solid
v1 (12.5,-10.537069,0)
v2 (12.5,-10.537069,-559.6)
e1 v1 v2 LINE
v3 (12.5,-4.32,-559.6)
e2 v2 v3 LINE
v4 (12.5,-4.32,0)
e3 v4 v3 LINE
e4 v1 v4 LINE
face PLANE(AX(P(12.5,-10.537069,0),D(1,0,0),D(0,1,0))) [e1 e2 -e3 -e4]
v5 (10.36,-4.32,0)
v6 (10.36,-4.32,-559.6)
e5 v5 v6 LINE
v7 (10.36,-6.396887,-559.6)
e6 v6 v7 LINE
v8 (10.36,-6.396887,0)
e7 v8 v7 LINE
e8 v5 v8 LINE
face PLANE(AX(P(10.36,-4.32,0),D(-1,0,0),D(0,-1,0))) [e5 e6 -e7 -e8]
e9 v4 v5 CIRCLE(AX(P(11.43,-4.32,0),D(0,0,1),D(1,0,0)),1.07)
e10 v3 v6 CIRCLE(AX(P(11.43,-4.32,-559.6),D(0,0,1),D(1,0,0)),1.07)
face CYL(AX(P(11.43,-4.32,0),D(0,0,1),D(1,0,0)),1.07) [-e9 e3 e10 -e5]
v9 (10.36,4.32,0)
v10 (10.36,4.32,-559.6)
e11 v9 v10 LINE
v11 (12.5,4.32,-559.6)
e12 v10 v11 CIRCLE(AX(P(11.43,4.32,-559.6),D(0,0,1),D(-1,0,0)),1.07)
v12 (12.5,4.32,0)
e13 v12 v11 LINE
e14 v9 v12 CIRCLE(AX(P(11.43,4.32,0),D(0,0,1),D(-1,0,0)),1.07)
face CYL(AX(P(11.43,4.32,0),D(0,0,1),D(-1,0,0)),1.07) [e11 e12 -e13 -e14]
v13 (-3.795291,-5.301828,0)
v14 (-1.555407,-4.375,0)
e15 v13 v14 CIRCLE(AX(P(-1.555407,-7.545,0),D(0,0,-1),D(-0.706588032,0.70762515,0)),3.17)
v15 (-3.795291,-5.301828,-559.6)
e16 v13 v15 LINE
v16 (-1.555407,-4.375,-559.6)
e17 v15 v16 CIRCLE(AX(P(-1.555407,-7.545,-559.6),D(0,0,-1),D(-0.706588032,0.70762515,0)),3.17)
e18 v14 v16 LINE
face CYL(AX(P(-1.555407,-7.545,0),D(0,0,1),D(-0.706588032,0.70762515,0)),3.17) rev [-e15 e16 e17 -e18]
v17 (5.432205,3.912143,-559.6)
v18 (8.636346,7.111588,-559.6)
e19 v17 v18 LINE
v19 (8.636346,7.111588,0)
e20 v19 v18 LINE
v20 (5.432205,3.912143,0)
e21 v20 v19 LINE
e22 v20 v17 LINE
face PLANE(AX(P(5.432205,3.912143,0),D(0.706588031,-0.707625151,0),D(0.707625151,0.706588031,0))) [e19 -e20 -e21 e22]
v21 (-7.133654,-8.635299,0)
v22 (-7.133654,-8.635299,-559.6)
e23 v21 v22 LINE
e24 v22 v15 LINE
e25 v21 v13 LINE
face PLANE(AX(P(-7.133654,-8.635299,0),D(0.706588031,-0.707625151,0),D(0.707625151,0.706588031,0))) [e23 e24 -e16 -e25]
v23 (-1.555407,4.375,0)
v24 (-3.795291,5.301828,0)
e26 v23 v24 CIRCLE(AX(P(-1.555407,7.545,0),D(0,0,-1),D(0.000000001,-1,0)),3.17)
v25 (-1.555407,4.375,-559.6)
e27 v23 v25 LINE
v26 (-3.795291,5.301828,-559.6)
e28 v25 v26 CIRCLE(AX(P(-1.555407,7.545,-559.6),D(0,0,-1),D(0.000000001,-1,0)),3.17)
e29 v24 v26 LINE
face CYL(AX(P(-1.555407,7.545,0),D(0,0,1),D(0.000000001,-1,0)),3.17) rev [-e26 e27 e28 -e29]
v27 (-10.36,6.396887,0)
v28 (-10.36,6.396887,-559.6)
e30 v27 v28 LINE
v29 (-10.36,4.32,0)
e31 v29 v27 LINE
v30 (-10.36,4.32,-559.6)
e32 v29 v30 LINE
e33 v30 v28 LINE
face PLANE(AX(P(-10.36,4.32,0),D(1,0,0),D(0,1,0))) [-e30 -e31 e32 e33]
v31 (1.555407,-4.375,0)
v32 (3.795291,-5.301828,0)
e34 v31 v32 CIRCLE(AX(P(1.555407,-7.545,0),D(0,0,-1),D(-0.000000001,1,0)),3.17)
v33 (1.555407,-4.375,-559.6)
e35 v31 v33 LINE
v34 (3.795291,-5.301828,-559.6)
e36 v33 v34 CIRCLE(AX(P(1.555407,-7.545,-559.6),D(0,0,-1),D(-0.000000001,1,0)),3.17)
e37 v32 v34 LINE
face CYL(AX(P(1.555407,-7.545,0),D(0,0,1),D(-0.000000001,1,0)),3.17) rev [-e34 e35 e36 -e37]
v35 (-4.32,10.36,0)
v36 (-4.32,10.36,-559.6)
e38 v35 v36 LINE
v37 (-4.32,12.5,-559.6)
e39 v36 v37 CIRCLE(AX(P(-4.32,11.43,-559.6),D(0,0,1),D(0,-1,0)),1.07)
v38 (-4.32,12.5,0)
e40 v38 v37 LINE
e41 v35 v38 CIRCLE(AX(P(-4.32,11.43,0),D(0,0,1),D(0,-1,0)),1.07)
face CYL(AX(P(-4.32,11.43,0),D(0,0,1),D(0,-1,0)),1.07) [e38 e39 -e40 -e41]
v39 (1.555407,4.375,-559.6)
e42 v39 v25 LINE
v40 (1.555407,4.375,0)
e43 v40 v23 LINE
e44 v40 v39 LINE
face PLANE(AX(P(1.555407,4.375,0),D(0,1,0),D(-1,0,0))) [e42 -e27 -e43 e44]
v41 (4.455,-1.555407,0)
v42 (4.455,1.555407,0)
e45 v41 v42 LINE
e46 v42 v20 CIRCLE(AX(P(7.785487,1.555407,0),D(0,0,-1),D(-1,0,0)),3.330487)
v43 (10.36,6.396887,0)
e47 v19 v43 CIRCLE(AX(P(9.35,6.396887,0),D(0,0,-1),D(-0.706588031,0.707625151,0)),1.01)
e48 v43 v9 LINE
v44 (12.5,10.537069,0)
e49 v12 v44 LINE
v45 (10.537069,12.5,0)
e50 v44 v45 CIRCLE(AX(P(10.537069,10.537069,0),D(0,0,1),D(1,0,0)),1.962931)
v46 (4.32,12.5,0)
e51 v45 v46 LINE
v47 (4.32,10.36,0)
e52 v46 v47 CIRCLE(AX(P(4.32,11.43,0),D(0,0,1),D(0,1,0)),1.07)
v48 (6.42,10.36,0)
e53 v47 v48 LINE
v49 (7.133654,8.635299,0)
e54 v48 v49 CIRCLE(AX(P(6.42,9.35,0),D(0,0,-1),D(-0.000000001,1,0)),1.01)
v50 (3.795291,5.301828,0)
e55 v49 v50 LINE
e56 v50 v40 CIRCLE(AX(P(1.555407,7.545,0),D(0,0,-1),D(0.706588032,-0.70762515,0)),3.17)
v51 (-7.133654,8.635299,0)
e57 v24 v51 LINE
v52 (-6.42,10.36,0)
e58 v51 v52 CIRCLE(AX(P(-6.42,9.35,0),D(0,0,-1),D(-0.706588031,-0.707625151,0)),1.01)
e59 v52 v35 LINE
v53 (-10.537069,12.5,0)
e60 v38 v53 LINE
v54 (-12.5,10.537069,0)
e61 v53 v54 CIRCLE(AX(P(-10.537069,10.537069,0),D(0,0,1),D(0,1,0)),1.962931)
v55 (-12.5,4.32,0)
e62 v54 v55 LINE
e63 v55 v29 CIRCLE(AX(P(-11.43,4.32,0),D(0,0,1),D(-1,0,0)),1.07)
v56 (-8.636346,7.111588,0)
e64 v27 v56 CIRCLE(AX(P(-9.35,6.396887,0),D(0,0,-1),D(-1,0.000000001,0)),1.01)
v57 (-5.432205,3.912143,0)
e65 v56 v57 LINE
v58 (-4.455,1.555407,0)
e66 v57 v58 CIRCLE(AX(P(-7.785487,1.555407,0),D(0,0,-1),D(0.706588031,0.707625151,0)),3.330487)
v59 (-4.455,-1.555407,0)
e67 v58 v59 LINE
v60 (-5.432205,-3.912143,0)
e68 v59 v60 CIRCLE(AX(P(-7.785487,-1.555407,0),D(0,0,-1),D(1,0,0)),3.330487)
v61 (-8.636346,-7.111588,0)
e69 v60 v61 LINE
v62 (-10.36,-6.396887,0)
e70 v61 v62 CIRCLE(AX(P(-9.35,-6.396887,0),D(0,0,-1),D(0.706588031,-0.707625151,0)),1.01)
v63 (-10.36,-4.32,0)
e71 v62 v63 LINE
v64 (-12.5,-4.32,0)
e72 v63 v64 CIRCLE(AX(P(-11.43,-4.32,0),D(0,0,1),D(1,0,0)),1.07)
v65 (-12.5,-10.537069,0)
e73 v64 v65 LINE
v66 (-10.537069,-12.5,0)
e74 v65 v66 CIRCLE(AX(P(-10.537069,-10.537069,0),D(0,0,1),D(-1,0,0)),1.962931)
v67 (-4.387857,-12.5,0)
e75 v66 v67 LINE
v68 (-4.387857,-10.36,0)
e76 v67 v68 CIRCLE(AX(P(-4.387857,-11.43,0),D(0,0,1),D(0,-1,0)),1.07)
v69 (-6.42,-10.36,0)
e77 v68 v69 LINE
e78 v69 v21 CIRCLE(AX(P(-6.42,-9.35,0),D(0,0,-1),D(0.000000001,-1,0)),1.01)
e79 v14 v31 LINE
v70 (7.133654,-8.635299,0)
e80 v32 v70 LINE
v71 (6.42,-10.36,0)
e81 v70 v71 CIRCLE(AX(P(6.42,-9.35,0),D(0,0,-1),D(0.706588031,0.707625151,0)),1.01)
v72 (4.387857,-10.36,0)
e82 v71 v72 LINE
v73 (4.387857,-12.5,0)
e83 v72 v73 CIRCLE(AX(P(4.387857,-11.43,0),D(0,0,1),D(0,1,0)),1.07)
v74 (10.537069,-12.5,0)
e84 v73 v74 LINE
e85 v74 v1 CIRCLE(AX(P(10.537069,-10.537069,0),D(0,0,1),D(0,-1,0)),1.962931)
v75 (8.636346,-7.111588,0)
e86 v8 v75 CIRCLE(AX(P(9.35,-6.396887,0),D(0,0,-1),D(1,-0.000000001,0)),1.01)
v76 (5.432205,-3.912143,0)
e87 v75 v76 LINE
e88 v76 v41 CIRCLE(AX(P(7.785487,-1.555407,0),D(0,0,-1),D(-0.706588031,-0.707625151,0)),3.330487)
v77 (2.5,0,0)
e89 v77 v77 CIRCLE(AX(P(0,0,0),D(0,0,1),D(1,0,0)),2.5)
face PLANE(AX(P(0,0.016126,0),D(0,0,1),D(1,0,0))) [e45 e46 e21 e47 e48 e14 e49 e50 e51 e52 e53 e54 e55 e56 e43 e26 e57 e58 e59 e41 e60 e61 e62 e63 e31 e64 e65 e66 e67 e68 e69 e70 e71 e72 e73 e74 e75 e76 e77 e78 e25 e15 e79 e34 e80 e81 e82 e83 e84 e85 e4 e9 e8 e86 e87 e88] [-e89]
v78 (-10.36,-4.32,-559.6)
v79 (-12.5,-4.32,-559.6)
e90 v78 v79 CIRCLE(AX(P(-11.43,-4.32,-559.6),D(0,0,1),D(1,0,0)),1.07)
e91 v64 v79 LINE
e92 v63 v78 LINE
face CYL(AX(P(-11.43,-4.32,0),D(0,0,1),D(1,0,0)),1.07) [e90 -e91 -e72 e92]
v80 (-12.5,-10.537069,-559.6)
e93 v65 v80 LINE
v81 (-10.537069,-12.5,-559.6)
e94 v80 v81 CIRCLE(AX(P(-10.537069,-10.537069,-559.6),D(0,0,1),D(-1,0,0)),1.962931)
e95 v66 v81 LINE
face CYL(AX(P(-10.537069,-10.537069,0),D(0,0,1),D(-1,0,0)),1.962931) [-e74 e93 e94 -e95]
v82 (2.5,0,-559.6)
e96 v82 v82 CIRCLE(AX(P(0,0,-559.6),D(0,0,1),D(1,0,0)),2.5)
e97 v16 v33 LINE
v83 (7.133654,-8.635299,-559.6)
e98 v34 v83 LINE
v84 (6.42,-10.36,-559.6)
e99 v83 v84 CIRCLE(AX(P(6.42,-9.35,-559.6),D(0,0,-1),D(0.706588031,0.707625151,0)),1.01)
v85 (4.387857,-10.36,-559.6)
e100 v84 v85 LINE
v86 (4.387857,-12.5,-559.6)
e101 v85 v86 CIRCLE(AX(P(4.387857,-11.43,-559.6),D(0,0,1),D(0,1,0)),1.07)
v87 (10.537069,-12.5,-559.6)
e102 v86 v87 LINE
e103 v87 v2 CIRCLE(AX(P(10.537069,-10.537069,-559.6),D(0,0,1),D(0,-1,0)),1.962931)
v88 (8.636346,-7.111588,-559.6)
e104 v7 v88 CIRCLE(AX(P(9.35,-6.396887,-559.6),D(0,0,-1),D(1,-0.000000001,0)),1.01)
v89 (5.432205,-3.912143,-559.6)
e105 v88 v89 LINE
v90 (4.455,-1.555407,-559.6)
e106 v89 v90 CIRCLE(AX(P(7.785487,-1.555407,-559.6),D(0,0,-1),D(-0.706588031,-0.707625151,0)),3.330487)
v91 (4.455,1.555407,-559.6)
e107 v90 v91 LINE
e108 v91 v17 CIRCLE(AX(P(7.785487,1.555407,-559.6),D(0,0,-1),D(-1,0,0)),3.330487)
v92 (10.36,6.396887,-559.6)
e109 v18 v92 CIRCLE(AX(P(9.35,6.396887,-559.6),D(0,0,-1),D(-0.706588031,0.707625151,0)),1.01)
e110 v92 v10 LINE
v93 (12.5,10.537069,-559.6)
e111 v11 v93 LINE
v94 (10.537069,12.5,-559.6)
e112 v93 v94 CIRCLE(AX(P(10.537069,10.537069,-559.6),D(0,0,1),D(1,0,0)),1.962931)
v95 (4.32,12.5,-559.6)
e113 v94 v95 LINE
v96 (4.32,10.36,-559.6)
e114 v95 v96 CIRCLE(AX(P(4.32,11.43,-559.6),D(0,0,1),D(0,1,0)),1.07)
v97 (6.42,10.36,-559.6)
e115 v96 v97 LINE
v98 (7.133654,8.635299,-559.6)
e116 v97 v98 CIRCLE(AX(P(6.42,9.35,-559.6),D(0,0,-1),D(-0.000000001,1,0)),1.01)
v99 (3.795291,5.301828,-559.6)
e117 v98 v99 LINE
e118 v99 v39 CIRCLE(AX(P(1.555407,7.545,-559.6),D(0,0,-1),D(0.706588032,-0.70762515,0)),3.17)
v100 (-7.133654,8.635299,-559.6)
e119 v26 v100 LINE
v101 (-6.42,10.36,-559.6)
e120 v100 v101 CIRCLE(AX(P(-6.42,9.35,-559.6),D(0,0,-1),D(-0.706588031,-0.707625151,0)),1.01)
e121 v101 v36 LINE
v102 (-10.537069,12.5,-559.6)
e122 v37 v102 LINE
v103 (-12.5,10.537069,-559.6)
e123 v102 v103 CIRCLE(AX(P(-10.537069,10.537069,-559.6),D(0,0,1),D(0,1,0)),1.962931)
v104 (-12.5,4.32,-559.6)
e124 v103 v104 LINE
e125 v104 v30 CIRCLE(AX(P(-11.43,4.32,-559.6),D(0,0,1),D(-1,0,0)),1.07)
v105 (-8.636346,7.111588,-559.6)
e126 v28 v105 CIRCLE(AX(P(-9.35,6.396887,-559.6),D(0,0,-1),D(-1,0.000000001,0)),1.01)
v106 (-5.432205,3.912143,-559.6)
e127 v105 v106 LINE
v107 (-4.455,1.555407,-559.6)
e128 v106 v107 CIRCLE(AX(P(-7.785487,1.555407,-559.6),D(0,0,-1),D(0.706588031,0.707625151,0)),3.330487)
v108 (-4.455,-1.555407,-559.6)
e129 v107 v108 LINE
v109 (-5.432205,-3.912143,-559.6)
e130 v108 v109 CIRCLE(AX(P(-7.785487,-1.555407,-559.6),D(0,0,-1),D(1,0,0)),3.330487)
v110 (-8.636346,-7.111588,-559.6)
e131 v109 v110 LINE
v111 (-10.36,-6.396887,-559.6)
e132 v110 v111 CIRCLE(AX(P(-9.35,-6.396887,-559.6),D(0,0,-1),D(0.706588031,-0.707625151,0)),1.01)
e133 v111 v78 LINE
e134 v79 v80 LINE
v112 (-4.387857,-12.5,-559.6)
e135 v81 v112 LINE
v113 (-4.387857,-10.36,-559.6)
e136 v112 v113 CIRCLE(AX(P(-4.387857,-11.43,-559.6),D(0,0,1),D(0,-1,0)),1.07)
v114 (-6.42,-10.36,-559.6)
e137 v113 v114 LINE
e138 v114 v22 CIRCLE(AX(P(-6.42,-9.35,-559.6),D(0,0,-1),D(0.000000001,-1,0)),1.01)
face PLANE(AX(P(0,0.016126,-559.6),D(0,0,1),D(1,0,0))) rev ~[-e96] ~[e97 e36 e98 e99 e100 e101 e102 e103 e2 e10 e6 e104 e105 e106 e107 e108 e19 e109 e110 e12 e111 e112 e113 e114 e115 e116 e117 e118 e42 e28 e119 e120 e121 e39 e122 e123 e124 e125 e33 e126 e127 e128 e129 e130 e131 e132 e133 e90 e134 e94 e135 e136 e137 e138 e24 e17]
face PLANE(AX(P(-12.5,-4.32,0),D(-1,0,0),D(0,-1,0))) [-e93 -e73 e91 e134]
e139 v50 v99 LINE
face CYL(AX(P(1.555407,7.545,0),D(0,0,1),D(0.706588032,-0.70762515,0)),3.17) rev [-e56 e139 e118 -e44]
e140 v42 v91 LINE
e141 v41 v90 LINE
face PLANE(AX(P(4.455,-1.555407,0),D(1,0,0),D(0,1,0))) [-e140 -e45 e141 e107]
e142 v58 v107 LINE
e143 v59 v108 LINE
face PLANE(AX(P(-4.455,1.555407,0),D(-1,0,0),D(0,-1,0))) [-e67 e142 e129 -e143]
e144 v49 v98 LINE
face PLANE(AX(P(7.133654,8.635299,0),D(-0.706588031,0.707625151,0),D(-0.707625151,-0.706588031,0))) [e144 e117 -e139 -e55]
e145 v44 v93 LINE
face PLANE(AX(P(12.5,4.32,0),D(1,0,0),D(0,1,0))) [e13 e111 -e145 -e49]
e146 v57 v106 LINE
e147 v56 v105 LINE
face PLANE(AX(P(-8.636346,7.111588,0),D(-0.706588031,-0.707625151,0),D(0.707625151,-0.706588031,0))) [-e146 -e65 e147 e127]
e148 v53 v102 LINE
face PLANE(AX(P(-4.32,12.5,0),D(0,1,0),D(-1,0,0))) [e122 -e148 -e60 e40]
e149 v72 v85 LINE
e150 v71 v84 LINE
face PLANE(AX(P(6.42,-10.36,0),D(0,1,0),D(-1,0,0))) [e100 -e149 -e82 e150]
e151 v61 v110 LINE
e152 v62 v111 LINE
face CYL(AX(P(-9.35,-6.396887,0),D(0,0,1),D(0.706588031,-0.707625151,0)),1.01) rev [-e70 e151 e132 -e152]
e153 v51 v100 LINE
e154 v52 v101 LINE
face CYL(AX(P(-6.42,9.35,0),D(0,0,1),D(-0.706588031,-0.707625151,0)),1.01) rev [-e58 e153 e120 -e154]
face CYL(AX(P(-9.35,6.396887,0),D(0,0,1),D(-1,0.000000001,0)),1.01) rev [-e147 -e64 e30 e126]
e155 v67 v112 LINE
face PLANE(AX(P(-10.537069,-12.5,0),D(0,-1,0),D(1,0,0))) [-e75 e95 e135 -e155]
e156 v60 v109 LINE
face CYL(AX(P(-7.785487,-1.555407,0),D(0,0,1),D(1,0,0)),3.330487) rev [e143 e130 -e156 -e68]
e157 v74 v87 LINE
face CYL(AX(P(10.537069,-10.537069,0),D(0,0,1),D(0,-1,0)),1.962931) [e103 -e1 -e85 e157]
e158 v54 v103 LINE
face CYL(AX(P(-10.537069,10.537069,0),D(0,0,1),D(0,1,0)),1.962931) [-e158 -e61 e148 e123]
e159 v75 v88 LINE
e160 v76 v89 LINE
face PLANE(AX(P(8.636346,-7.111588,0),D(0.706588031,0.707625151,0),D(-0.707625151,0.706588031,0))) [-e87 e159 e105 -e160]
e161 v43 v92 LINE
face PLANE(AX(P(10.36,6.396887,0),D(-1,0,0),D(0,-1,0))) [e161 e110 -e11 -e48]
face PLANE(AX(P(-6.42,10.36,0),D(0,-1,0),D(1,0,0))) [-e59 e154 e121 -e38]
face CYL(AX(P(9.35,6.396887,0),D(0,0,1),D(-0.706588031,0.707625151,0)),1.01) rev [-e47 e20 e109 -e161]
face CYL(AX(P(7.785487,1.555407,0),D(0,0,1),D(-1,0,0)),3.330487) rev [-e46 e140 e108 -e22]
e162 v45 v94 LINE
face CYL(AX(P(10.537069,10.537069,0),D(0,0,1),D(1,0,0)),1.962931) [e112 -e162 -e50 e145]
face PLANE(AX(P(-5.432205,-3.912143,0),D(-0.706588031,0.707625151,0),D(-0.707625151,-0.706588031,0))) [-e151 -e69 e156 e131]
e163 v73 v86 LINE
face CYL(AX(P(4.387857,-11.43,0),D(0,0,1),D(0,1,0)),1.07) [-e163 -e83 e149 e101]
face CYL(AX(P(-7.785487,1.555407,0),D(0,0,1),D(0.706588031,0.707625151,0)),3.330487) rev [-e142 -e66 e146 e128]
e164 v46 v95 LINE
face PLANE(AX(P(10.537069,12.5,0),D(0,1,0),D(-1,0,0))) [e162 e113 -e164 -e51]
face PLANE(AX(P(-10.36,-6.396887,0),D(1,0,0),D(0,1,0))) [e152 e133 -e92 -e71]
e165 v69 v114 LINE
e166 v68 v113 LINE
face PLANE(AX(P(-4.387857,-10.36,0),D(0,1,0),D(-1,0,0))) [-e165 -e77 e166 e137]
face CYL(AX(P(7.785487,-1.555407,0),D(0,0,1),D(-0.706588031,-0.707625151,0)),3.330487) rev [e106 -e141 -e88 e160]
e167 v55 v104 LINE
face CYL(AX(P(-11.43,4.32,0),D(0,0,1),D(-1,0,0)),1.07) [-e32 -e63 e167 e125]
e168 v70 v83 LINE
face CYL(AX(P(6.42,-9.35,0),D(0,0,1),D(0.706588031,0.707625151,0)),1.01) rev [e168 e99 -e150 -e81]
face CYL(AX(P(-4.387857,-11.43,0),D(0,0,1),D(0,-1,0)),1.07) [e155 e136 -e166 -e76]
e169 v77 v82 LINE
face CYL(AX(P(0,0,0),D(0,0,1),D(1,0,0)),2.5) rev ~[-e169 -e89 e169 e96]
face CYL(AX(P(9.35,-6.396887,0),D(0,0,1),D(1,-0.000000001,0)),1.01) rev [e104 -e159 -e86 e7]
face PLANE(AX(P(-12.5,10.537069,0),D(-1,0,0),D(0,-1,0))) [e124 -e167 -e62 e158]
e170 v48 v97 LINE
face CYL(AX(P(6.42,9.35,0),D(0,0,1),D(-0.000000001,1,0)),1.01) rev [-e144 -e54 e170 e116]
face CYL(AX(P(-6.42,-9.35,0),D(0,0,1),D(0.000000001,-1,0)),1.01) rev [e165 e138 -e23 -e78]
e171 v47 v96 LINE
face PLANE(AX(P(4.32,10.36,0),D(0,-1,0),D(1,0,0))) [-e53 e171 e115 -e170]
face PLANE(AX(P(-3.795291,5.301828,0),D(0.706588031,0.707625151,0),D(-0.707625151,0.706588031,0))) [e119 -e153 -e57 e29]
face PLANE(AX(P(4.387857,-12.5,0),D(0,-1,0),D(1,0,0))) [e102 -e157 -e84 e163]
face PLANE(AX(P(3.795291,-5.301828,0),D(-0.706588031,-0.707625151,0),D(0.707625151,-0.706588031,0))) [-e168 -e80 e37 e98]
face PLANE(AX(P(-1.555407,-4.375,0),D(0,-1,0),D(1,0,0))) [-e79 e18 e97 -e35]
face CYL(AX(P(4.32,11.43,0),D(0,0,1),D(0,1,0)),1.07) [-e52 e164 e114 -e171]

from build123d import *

# Parameters (mm, degrees)
SKETCH1_R      = 2.5
EXTRUDE1_DEPTH = 559.6


with BuildPart() as part:
    # Sketch1 → Extrude1 (new body)
    with BuildSketch(Plane.XY):
        with BuildLine():
            Line((-8.636346088, 7.111588351), (-5.432204773, 3.912143135))
            ThreePointArc((-5.432204773, 3.912143135), (-4.708985779, 2.831057106), (-4.455, 1.555406707))
            Line((-4.455, 1.555406707), (-4.455, -1.555406707))
            ThreePointArc((-4.455, -1.555406707), (-4.708985779, -2.831057106), (-5.432204773, -3.912143135))
            Line((-5.432204773, -3.912143135), (-8.636346088, -7.111588351))
            ThreePointArc((-8.636346088, -7.111588351), (-9.736852394, -7.329863489), (-10.36, -6.396886949))
            Line((-10.36, -6.396886949), (-10.36, -4.32))
            ThreePointArc((-10.36, -4.32), (-11.43, -3.25), (-12.5, -4.32))
            Line((-12.5, -4.32), (-12.5, -8.651801989))
            Line((-12.5, -8.651801989), (-12.5, -10.537068835))
            ThreePointArc((-12.5, -10.537068835), (-11.925070773, -11.925070773), (-10.537068835, -12.5))
            Line((-10.537068835, -12.5), (-8.441567612, -12.5))
            Line((-8.441567612, -12.5), (-4.387856959, -12.5))
            ThreePointArc((-4.387856959, -12.5), (-3.317856959, -11.43), (-4.387856959, -10.36))
            Line((-4.387856959, -10.36), (-6.42, -10.36))
            ThreePointArc((-6.42, -10.36), (-7.35325999, -9.736168088), (-7.133653912, -8.635298598))
            Line((-7.133653912, -8.635298598), (-3.795290766, -5.301828272))
            ThreePointArc((-3.795290766, -5.301828272), (-2.76743922, -4.61585726), (-1.555406707, -4.375))
            Line((-1.555406707, -4.375), (1.555406707, -4.375))
            ThreePointArc((1.555406707, -4.375), (2.76743922, -4.61585726), (3.795290766, -5.301828272))
            Line((3.795290766, -5.301828272), (7.133653912, -8.635298598))
            ThreePointArc((7.133653912, -8.635298598), (7.35325999, -9.736168088), (6.42, -10.36))
            Line((6.42, -10.36), (4.387856959, -10.36))
            ThreePointArc((4.387856959, -10.36), (3.317856959, -11.43), (4.387856959, -12.5))
            Line((4.387856959, -12.5), (8.441567612, -12.5))
            Line((8.441567612, -12.5), (10.537068835, -12.5))
            ThreePointArc((10.537068835, -12.5), (11.925070773, -11.925070773), (12.5, -10.537068835))
            Line((12.5, -10.537068835), (12.5, -8.651801989))
            Line((12.5, -8.651801989), (12.5, -4.32))
            ThreePointArc((12.5, -4.32), (11.43, -3.25), (10.36, -4.32))
            Line((10.36, -4.32), (10.36, -6.396886949))
            ThreePointArc((10.36, -6.396886949), (9.736852394, -7.329863489), (8.636346088, -7.111588351))
            Line((8.636346088, -7.111588351), (5.432204773, -3.912143135))
            ThreePointArc((5.432204773, -3.912143135), (4.708985779, -2.831057106), (4.455, -1.555406707))
            Line((4.455, -1.555406707), (4.455, 1.555406707))
            ThreePointArc((4.455, 1.555406707), (4.708985779, 2.831057106), (5.432204773, 3.912143135))
            Line((5.432204773, 3.912143135), (8.636346088, 7.111588351))
            ThreePointArc((8.636346088, 7.111588351), (9.736852394, 7.329863489), (10.36, 6.396886949))
            Line((10.36, 6.396886949), (10.36, 4.32))
            ThreePointArc((10.36, 4.32), (11.43, 3.25), (12.5, 4.32))
            Line((12.5, 4.32), (12.5, 7.99129648))
            Line((12.5, 7.99129648), (12.5, 10.537068835))
            ThreePointArc((12.5, 10.537068835), (11.925070773, 11.925070773), (10.537068835, 12.5))
            Line((10.537068835, 12.5), (4.32, 12.5))
            ThreePointArc((4.32, 12.5), (3.25, 11.43), (4.32, 10.36))
            Line((4.32, 10.36), (6.42, 10.36))
            ThreePointArc((6.42, 10.36), (7.35325999, 9.736168088), (7.133653912, 8.635298598))
            Line((7.133653912, 8.635298598), (3.795290766, 5.301828272))
            ThreePointArc((3.795290766, 5.301828272), (2.76743922, 4.61585726), (1.555406707, 4.375))
            Line((1.555406707, 4.375), (-1.555406707, 4.375))
            ThreePointArc((-1.555406707, 4.375), (-2.76743922, 4.61585726), (-3.795290766, 5.301828272))
            Line((-3.795290766, 5.301828272), (-7.133653912, 8.635298598))
            ThreePointArc((-7.133653912, 8.635298598), (-7.35325999, 9.736168088), (-6.42, 10.36))
            Line((-6.42, 10.36), (-4.32, 10.36))
            ThreePointArc((-4.32, 10.36), (-3.25, 11.43), (-4.32, 12.5))
            Line((-4.32, 12.5), (-10.537068835, 12.5))
            ThreePointArc((-10.537068835, 12.5), (-11.925070773, 11.925070773), (-12.5, 10.537068835))
            Line((-12.5, 10.537068835), (-12.5, 7.99129648))
            Line((-12.5, 7.99129648), (-12.5, 4.32))
            ThreePointArc((-12.5, 4.32), (-11.43, 3.25), (-10.36, 4.32))
            Line((-10.36, 4.32), (-10.36, 6.396886949))
            ThreePointArc((-10.36, 6.396886949), (-9.736852394, 7.329863489), (-8.636346088, 7.111588351))
        make_face()
        Circle(SKETCH1_R, mode=Mode.SUBTRACT)
    extrude(amount=-EXTRUDE1_DEPTH)


solid = part.part
